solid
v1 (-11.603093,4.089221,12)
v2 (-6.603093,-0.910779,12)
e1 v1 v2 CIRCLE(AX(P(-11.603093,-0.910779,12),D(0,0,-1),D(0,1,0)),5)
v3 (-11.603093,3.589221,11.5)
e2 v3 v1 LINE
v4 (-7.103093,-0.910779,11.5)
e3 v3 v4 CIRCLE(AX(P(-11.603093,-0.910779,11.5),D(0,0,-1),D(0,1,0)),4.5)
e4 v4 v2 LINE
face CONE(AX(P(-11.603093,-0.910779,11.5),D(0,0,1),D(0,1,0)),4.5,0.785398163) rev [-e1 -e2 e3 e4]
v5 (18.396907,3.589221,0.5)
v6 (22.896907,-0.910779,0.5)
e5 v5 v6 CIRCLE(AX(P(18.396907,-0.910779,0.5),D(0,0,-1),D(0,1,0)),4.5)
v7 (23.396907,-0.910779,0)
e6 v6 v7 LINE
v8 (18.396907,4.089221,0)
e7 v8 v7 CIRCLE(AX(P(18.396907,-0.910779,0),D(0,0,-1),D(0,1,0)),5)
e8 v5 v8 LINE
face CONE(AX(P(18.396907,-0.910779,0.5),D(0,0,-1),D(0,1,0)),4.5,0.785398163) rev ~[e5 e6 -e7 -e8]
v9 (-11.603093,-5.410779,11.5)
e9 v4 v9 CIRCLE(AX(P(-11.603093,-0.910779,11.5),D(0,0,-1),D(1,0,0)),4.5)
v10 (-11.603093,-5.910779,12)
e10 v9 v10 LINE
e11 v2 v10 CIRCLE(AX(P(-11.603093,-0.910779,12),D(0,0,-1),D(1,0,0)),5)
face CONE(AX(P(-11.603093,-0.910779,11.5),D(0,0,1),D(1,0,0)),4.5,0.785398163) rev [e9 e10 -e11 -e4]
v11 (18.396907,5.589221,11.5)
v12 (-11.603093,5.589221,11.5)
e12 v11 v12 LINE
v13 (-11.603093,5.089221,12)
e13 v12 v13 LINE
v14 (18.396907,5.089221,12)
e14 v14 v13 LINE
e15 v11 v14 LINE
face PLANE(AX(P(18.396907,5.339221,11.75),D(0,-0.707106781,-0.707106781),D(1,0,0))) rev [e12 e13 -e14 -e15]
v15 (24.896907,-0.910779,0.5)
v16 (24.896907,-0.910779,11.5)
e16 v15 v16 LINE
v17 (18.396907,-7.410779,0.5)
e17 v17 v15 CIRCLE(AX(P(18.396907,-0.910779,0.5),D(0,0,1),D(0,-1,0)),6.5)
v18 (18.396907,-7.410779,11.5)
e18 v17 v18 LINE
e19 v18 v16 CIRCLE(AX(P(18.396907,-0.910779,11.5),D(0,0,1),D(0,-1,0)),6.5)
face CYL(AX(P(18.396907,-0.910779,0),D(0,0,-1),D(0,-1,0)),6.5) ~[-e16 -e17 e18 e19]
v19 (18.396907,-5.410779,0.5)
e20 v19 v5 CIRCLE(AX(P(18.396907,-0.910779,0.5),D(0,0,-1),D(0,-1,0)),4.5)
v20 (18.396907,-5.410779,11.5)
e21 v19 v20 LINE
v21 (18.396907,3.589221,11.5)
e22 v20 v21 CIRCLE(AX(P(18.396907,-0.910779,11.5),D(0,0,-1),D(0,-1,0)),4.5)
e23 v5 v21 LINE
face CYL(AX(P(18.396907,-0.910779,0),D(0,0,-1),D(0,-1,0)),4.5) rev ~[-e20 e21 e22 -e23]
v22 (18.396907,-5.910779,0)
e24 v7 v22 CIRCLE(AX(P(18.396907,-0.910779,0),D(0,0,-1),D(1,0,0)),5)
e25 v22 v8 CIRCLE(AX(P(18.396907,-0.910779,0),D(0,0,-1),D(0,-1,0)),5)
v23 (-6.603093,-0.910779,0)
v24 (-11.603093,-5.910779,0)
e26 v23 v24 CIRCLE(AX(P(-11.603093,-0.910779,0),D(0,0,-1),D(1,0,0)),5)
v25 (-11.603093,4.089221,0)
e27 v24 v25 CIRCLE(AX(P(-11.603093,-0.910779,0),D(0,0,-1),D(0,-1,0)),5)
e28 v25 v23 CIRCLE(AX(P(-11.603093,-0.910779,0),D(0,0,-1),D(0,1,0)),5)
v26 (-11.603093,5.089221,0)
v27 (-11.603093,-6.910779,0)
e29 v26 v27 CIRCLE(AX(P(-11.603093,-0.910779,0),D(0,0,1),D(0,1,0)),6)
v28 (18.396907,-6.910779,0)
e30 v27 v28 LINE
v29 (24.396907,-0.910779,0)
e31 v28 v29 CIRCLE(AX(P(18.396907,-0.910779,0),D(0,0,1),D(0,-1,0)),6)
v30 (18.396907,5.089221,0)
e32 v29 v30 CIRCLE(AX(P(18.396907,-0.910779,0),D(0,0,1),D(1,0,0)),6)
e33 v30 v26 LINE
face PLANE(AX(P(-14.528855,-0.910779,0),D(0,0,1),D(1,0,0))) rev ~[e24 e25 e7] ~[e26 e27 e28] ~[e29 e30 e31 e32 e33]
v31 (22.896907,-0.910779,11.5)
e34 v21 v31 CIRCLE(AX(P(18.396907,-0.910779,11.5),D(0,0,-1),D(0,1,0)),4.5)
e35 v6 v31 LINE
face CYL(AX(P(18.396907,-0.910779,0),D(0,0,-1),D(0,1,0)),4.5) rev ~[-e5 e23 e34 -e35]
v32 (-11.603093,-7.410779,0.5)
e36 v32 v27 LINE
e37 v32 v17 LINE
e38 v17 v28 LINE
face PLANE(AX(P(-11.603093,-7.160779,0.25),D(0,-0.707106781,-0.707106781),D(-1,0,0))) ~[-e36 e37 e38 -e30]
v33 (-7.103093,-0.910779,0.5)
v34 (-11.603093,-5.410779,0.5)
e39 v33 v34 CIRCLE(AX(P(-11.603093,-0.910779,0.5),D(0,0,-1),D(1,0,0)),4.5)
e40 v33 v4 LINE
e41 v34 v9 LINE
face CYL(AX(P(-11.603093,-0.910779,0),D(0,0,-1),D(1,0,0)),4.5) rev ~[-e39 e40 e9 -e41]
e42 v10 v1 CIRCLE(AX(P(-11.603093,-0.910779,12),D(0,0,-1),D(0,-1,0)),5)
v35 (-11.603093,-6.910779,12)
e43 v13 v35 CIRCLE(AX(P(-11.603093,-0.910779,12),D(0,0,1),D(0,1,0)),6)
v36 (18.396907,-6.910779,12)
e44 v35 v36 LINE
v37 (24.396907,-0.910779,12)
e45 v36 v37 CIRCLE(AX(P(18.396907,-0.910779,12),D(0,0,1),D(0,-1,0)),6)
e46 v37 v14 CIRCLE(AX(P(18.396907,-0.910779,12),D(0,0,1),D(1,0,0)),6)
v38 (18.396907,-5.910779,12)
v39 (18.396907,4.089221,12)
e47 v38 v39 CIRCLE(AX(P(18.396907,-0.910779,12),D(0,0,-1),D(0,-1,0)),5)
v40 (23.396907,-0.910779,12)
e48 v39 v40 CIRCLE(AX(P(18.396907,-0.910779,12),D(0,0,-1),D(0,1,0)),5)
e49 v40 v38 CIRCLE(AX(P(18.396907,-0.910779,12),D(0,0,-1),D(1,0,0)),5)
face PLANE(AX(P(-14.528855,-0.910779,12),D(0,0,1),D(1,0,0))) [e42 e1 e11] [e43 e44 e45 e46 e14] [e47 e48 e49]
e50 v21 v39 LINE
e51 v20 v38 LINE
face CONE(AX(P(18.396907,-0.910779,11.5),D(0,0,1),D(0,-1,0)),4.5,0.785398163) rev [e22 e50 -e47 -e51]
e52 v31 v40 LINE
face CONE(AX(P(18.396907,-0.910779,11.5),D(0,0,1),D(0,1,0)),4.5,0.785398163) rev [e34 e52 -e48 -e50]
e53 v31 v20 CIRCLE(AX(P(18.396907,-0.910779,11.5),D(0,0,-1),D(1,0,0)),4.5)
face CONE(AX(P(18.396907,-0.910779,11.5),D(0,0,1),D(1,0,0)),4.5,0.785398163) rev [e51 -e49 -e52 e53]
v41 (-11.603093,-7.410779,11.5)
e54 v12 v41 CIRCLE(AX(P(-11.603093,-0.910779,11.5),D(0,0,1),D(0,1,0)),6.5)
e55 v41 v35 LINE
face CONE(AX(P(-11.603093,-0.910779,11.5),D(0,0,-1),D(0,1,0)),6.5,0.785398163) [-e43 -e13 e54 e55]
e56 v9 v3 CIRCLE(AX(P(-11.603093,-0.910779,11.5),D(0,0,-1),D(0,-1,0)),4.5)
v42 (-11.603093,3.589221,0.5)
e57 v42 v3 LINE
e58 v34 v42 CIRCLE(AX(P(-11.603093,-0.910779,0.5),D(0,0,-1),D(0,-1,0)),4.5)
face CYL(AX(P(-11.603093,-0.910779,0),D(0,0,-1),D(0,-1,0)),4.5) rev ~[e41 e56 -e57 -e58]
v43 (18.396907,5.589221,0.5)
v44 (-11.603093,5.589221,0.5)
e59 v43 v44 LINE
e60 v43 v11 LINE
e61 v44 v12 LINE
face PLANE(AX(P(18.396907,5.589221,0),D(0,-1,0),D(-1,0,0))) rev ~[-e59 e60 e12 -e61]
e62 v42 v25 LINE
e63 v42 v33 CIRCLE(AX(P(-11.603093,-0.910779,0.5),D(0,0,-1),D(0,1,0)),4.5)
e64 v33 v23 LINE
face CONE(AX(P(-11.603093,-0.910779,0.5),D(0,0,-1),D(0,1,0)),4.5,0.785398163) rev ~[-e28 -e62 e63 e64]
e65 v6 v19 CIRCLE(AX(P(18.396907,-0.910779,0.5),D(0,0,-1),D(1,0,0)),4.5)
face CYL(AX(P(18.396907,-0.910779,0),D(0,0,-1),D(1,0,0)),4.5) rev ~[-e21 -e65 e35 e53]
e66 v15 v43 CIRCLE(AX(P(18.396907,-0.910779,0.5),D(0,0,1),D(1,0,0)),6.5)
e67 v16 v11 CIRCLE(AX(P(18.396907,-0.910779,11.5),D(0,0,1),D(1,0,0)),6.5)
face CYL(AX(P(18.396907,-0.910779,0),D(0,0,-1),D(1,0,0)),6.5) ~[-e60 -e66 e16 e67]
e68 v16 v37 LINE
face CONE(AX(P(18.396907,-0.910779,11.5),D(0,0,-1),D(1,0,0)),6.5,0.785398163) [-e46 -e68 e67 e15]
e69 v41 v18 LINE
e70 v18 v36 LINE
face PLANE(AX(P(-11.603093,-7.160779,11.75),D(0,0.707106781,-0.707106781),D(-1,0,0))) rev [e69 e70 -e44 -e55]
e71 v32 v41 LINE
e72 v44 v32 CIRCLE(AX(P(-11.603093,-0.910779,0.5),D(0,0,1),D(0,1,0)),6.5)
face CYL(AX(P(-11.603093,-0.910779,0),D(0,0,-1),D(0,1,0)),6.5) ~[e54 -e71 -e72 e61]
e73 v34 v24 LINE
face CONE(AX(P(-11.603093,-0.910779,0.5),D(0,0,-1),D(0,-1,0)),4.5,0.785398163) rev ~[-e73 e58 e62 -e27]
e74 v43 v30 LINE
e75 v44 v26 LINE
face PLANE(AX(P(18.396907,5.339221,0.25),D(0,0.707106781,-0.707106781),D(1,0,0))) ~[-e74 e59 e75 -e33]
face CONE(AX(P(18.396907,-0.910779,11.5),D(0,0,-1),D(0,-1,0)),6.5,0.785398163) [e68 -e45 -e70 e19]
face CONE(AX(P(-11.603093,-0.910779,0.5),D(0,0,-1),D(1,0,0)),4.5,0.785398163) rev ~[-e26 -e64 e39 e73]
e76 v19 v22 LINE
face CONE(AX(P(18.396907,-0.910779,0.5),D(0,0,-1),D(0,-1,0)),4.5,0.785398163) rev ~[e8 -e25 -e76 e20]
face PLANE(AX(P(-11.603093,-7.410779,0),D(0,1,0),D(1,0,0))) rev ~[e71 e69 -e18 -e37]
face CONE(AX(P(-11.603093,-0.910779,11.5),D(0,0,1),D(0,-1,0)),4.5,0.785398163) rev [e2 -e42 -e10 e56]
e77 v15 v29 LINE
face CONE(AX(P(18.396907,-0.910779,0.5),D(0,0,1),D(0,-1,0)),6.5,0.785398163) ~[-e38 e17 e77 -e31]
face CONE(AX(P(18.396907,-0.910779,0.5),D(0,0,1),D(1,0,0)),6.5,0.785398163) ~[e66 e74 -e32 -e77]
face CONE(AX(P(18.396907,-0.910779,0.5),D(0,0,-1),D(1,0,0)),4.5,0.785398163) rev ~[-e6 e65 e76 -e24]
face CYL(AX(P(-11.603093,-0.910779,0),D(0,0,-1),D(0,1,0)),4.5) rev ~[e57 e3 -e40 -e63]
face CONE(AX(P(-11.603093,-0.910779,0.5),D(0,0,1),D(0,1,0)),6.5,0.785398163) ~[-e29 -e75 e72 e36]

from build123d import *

# Parameters (mm, degrees)
F1_DEPTH = 12
F2_SIZE  = 0.5


with BuildPart() as f1:
    # F0 (on Top) → F1 (new body)
    with BuildSketch(Plane.XY):
        with BuildLine():
            Line((-11.60309311, 3.5892210044), (-11.60309311, 5.5892210044))
            ThreePointArc((-11.60309311, 5.5892210044), (-18.10309311, -0.9107789956), (-11.60309311, -7.4107789956))
            Line((-11.60309311, -7.4107789956), (-11.60309311, -5.4107789956))
            ThreePointArc((-11.60309311, -5.4107789956), (-16.10309311, -0.9107789956), (-11.60309311, 3.5892210044))
        make_face()
        with BuildLine():
            ThreePointArc((-5.10309311, -0.9107789956), (-7.0068990323, 3.6854150821), (-11.60309311, 5.5892210044))
            Line((-11.60309311, 5.5892210044), (-11.60309311, 3.5892210044))
            ThreePointArc((-11.60309311, 3.5892210044), (-8.4211125947, 2.2712015197), (-7.10309311, -0.9107789956))
            ThreePointArc((-7.10309311, -0.9107789956), (-8.4211125947, -4.0927595109), (-11.60309311, -5.4107789956))
            Line((-11.60309311, -5.4107789956), (-6.9126773502, -5.4107789956))
            ThreePointArc((-6.9126773502, -5.4107789956), (-5.572433841, -3.3358869892), (-5.10309311, -0.9107789956))
        make_face()
        with BuildLine():
            Line((18.39690689, 5.5892210044), (-11.60309311, 5.5892210044))
            ThreePointArc((-11.60309311, 5.5892210044), (-7.0068990323, 3.6854150821), (-5.10309311, -0.9107789956))
            ThreePointArc((-5.10309311, -0.9107789956), (-5.572433841, -3.3358869892), (-6.9126773502, -5.4107789956))
            Line((-6.9126773502, -5.4107789956), (13.7064911302, -5.4107789956))
            ThreePointArc((13.7064911302, -5.4107789956), (12.4177765184, 1.6387307612), (18.39690689, 5.5892210044))
        make_face()
        with BuildLine():
            Line((18.39690689, 3.5892210044), (18.39690689, 5.5892210044))
            ThreePointArc((18.39690689, 5.5892210044), (12.4177765184, 1.6387307612), (13.7064911302, -5.4107789956))
            Line((13.7064911302, -5.4107789956), (18.39690689, -5.4107789956))
            ThreePointArc((18.39690689, -5.4107789956), (13.89690689, -0.9107789956), (18.39690689, 3.5892210044))
        make_face()
        with BuildLine():
            ThreePointArc((24.89690689, -0.9107789956), (22.9931009677, 3.6854150821), (18.39690689, 5.5892210044))
            Line((18.39690689, 5.5892210044), (18.39690689, 3.5892210044))
            ThreePointArc((18.39690689, 3.5892210044), (21.5788874053, 2.2712015197), (22.89690689, -0.9107789956))
            ThreePointArc((22.89690689, -0.9107789956), (21.5788874053, -4.0927595109), (18.39690689, -5.4107789956))
            Line((18.39690689, -5.4107789956), (18.39690689, -7.4107789956))
            ThreePointArc((18.39690689, -7.4107789956), (22.9931009677, -5.5069730733), (24.89690689, -0.9107789956))
        make_face()
        with BuildLine():
            Line((18.39690689, -5.4107789956), (13.7064911302, -5.4107789956))
            ThreePointArc((13.7064911302, -5.4107789956), (15.8473971332, -6.8899093672), (18.39690689, -7.4107789956))
            Line((18.39690689, -7.4107789956), (18.39690689, -5.4107789956))
        make_face()
        with BuildLine():
            ThreePointArc((-6.9126773502, -5.4107789956), (-9.0535833532, -6.8899093672), (-11.60309311, -7.4107789956))
            Line((-11.60309311, -7.4107789956), (18.39690689, -7.4107789956))
            ThreePointArc((18.39690689, -7.4107789956), (15.8473971332, -6.8899093672), (13.7064911302, -5.4107789956))
            Line((13.7064911302, -5.4107789956), (-6.9126773502, -5.4107789956))
        make_face()
        with BuildLine():
            Line((-11.60309311, -5.4107789956), (-11.60309311, -7.4107789956))
            ThreePointArc((-11.60309311, -7.4107789956), (-9.0535833532, -6.8899093672), (-6.9126773502, -5.4107789956))
            Line((-6.9126773502, -5.4107789956), (-11.60309311, -5.4107789956))
        make_face()
    extrude(amount=F1_DEPTH)

    # F2
    f2_edges = [f1.edges().sort_by_distance(p)[0] for p in [
        (-18.103093, -0.910779, 12),
        (3.396907, -7.410779, 12),
        (24.896907, -0.910779, 12),
        (3.396907, 5.589221, 12),
        (-11.603093, 3.589221, 12),
        (18.396907, 3.589221, 12),
        (-18.103093, -0.910779, 0),
        (3.396907, -7.410779, 0),
        (24.896907, -0.910779, 0),
        (3.396907, 5.589221, 0),
        (-11.603093, 3.589221, 0),
        (18.396907, 3.589221, 0),
    ]]
    chamfer(f2_edges, length=F2_SIZE)


with BuildPart() as f3_1:
    # F3: copy of F1
    add(f1.part.moved(Location((0, -24.4623, 0))))


solid = f1.part
